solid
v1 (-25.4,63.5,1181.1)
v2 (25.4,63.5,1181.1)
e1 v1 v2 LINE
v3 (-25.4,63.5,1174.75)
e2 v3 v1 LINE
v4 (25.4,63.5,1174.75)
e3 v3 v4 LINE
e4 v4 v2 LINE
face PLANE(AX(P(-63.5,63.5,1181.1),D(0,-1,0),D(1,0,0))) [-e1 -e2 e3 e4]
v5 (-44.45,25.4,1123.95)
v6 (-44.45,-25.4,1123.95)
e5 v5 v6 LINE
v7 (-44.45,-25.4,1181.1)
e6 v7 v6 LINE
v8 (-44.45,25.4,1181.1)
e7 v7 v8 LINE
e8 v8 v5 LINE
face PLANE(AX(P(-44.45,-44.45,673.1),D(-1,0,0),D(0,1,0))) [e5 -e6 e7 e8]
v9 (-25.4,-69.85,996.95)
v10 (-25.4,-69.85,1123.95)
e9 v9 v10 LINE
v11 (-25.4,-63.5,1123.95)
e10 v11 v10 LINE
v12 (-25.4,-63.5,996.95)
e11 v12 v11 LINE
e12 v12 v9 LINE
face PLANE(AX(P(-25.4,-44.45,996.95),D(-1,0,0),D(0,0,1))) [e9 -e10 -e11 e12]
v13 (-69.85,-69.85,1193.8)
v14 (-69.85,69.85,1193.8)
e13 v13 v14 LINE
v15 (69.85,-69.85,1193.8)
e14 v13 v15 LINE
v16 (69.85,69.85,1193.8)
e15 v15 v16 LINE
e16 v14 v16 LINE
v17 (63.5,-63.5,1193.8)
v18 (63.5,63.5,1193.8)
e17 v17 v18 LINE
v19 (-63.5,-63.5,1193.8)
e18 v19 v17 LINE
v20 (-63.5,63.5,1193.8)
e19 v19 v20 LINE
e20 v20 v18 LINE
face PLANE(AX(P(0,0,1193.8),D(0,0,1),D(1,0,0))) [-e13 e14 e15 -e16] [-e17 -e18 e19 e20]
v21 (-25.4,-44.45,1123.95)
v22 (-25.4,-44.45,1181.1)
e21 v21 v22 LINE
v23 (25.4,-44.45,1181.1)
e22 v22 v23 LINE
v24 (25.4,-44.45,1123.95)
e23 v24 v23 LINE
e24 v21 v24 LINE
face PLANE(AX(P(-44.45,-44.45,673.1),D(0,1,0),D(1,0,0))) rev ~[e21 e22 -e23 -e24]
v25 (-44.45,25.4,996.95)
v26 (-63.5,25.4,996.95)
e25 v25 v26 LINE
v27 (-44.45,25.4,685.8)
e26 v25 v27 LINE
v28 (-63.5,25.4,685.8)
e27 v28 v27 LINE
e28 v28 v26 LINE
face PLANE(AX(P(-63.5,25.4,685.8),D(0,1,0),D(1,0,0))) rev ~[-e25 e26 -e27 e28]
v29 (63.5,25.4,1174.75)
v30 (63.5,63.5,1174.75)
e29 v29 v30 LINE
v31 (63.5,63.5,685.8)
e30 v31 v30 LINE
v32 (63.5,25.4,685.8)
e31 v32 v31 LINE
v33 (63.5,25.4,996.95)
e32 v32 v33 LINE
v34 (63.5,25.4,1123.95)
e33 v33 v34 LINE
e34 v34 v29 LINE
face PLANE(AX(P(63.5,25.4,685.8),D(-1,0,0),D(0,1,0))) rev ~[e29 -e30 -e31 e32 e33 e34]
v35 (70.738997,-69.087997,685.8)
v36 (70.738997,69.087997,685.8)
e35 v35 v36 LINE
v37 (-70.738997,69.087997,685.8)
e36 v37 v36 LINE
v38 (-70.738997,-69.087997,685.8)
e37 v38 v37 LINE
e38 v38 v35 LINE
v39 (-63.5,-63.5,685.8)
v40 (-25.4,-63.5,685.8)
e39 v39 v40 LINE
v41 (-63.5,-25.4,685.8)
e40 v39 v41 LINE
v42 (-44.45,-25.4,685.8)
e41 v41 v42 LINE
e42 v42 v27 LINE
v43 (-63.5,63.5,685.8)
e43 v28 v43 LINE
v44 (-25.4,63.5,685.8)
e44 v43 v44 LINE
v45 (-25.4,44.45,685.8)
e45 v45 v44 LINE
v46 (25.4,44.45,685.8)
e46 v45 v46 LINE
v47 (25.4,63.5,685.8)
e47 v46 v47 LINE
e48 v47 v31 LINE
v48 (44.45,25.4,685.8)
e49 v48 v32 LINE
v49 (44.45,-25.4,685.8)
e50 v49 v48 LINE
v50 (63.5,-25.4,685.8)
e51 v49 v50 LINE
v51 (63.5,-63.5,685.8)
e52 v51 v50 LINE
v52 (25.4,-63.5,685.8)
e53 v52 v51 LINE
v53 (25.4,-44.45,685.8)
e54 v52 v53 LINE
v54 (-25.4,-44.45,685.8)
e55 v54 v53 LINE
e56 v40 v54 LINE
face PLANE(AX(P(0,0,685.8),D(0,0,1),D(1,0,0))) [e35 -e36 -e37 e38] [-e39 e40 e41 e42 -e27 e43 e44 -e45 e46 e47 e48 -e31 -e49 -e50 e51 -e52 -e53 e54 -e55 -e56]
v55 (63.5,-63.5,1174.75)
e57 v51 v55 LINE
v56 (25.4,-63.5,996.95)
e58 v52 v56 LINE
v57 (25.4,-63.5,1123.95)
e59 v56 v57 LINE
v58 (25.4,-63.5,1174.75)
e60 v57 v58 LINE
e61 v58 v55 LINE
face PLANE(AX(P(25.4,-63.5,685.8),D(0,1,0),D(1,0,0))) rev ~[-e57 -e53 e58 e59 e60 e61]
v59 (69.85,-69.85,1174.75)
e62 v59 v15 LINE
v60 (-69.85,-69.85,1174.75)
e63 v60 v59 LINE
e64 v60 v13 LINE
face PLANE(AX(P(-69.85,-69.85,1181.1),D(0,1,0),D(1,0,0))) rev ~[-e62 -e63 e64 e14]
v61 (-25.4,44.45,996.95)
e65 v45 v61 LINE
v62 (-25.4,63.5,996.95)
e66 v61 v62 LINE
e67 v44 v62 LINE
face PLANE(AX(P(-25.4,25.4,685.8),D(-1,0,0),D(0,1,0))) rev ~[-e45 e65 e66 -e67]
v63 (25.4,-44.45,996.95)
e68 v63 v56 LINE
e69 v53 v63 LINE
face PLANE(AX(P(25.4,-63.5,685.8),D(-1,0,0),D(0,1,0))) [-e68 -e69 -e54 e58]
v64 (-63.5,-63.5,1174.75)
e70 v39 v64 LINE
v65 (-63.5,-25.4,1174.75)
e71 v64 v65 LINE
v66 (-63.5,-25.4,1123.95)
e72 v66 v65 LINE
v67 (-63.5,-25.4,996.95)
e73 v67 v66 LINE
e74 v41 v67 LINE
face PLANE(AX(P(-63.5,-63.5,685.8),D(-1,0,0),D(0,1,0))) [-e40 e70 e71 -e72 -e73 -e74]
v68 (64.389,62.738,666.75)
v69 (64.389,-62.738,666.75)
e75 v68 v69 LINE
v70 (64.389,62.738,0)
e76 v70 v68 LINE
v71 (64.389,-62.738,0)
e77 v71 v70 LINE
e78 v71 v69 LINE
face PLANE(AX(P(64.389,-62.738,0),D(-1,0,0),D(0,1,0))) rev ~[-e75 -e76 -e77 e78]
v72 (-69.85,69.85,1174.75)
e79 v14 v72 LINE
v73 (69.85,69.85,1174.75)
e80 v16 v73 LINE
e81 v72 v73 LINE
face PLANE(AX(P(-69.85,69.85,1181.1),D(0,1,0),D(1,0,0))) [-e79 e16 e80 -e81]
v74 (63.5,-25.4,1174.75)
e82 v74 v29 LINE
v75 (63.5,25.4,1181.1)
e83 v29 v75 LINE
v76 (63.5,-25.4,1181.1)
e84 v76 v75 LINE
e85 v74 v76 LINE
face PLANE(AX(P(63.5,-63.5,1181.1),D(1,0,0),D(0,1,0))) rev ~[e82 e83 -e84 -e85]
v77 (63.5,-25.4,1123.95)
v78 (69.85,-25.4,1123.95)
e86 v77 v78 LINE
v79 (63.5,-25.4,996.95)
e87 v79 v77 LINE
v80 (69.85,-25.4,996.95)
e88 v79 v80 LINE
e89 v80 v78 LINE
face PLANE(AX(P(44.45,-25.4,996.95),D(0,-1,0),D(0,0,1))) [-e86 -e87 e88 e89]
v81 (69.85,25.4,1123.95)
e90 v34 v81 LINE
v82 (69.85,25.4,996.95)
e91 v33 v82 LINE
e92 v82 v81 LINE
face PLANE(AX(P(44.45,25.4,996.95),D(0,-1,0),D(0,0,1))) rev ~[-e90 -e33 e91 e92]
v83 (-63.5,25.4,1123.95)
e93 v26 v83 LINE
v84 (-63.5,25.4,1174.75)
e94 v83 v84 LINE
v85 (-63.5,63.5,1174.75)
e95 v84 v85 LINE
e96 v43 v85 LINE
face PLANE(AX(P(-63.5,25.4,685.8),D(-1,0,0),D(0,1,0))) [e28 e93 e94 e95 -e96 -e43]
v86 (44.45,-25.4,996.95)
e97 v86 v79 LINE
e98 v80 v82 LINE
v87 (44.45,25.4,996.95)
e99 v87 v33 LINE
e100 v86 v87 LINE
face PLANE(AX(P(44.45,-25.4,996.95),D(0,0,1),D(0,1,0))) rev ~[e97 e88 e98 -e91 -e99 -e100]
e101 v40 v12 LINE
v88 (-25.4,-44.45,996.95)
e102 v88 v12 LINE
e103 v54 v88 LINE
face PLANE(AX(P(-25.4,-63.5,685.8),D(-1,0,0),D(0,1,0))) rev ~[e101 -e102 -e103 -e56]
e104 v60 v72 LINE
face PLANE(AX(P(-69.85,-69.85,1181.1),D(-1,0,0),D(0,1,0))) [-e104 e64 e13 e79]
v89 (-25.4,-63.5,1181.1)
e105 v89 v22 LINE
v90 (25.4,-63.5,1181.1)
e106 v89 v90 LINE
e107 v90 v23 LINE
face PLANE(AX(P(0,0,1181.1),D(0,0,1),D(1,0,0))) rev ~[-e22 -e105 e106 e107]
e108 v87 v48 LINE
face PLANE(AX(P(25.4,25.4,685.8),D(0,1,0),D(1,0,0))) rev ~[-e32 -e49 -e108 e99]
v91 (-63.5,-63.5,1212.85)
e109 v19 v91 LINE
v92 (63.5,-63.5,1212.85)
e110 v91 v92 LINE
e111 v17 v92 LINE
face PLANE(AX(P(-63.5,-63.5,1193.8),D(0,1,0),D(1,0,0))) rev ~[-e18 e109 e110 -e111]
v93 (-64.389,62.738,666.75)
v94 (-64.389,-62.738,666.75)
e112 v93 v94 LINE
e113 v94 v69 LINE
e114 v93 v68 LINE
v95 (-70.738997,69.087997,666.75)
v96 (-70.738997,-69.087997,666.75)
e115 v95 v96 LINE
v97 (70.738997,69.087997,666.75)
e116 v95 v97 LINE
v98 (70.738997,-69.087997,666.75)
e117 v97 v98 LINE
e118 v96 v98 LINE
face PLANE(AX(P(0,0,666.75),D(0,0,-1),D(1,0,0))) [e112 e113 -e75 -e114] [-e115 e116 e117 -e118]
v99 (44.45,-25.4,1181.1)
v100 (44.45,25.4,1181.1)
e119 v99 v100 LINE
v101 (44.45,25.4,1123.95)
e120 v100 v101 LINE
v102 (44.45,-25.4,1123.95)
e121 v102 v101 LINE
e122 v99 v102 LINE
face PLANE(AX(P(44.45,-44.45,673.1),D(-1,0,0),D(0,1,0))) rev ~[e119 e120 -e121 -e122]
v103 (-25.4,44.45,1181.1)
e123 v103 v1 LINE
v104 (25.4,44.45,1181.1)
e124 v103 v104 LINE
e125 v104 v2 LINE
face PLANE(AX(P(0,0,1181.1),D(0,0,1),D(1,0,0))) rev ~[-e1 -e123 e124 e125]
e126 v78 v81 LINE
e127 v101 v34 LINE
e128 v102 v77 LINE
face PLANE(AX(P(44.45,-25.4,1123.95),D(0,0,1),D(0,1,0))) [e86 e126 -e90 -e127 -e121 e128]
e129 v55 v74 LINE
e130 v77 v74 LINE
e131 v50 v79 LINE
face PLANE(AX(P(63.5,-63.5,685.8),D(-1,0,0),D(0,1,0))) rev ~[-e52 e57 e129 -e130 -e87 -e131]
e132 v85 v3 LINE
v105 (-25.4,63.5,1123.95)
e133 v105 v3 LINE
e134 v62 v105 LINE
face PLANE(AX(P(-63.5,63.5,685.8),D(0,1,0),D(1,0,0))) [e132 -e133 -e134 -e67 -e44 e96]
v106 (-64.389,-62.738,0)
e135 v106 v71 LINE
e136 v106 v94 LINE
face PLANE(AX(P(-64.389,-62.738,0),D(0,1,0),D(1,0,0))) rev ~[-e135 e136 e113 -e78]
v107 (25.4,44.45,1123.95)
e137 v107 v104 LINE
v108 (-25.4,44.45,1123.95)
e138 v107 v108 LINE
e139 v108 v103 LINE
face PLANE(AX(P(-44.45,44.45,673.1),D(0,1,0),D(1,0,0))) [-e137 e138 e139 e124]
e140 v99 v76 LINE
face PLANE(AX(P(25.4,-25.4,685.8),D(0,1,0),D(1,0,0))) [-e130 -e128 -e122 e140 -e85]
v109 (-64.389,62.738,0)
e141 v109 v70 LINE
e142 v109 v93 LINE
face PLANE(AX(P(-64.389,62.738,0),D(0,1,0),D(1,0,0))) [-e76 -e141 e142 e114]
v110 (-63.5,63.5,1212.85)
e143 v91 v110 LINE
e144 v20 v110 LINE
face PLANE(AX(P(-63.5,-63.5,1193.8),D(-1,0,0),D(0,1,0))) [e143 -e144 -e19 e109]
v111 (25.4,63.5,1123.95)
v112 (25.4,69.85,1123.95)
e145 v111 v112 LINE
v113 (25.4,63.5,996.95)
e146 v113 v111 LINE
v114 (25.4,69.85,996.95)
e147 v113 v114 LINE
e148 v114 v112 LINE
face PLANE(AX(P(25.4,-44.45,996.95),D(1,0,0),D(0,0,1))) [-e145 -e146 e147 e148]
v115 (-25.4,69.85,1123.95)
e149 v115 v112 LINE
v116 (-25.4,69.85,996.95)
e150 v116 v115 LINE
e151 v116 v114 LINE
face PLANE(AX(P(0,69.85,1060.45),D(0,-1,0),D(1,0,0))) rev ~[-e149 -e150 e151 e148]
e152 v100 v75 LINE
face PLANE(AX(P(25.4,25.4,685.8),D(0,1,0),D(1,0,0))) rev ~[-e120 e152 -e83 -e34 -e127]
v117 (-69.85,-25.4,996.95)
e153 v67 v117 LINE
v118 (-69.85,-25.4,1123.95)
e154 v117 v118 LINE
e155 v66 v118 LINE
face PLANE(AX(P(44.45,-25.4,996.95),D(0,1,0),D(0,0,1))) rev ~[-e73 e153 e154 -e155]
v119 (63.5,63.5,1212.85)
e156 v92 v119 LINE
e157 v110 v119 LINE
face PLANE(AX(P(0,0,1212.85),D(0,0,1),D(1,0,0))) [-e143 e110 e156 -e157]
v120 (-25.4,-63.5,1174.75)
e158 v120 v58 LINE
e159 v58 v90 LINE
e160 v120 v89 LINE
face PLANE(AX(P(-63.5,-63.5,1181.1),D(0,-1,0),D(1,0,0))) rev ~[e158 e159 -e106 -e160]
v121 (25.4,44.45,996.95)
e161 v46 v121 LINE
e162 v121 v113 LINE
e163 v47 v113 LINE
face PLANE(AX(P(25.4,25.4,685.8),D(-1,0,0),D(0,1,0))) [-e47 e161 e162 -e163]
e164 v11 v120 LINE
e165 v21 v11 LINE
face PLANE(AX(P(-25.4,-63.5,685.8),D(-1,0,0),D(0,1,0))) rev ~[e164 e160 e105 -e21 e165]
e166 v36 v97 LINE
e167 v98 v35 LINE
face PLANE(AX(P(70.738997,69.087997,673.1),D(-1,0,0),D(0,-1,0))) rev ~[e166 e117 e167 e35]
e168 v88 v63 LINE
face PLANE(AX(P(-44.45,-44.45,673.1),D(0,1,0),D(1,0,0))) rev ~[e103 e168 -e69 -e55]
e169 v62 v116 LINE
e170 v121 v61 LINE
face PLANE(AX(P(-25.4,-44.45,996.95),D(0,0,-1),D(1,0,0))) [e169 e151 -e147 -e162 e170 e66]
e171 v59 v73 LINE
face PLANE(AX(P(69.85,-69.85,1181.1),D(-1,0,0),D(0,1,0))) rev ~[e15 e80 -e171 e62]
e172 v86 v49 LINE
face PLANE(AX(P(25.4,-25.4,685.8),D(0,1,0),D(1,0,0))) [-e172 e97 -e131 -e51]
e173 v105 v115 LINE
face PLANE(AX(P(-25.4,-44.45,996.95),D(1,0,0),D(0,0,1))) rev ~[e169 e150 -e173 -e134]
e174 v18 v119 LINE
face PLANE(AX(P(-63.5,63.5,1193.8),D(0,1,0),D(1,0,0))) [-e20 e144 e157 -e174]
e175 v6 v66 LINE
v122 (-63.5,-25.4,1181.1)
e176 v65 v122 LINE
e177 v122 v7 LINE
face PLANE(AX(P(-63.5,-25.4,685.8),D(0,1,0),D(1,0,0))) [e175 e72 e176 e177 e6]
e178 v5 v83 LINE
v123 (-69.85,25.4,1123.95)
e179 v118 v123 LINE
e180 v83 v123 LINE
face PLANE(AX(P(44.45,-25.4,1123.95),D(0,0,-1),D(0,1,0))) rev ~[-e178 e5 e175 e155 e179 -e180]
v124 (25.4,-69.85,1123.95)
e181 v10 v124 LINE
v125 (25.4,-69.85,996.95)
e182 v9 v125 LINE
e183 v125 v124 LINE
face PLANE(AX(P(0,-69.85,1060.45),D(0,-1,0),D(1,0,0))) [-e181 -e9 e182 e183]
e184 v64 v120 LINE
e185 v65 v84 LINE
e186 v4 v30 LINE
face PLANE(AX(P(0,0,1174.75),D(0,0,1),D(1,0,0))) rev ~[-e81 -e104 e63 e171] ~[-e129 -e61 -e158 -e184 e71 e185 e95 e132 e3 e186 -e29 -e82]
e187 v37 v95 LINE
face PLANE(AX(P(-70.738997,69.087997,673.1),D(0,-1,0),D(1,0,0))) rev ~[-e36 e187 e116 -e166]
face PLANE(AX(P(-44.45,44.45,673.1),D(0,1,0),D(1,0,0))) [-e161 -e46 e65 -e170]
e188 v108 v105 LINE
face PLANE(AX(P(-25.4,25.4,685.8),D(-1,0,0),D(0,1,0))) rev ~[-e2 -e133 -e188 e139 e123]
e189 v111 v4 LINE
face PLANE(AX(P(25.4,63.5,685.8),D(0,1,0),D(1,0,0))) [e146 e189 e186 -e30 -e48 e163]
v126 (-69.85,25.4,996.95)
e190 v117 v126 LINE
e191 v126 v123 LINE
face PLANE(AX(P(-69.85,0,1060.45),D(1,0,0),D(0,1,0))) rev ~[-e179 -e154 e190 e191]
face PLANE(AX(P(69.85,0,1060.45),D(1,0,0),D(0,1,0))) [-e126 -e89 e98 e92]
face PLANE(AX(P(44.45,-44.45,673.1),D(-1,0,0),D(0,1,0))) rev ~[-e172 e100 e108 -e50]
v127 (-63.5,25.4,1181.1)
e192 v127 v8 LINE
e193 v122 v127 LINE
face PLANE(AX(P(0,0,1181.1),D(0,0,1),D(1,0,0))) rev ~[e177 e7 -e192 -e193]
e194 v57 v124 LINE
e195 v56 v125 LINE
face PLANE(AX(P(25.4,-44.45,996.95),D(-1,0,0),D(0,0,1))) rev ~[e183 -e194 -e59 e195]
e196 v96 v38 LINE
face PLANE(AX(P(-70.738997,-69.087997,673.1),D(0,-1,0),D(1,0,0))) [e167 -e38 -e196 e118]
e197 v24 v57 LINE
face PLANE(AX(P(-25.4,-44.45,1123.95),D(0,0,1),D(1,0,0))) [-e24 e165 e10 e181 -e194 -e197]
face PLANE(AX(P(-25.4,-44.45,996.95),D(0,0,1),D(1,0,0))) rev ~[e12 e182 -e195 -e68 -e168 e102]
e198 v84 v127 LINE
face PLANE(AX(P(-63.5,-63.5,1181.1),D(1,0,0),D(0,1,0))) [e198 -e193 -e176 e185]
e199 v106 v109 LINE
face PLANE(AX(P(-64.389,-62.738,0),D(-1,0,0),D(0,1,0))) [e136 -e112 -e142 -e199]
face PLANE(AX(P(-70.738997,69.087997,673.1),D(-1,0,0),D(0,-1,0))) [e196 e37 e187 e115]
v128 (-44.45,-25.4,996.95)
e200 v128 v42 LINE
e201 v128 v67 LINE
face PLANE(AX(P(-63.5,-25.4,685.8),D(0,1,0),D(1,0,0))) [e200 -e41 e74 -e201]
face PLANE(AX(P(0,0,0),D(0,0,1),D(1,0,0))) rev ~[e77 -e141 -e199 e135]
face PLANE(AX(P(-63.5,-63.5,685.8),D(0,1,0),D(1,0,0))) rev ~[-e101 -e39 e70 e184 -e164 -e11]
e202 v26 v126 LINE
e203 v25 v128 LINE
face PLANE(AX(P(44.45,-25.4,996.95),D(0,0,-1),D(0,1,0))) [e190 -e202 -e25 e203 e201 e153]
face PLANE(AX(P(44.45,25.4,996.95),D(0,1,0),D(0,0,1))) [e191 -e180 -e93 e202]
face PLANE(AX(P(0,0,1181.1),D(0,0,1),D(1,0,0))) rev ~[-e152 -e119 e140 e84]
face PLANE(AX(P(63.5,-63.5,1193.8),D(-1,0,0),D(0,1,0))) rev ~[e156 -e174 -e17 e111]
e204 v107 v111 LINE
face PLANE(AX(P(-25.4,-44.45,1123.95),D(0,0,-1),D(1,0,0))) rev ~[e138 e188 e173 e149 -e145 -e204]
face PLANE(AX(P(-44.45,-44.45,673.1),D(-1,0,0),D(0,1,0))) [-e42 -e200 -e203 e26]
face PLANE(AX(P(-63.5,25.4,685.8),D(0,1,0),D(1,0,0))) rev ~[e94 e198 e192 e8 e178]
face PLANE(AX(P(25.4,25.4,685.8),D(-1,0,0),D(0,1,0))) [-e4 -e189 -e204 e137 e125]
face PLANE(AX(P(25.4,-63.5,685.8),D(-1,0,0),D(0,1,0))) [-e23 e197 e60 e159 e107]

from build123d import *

# Parameters (mm, degrees)
F0_W           = 128.778
F0_H           = 125.476
F1_DEPTH       = 673.1
F2_W           = 88.9
F2_H           = 88.9
F3_DEPTH       = 508
F4_W           = 141.477994
F4_H           = 138.175994
F4_W_2         = 88.9
F4_H_2         = 88.9
F5_DEPTH       = 12.7
F6_W           = 141.477994
F6_H           = 138.175994
F6_W_2         = 128.778
F6_H_2         = 125.476
F7_DEPTH       = 6.35
F8_W           = 38.1
F8_H           = 38.1
F9_DEPTH       = 495.3
F10_W          = 139.7
F10_H          = 139.7
F10_W_2        = 127
F10_H_2        = 127
F11_DEPTH      = 6.35
F12_W          = 139.7
F12_H          = 139.7
F13_DEPTH      = 12.7
F14_W          = 50.8
F14_H          = 127
F15_DEPTH      = 25.4
F15_DEPTH_BACK = 114.3
F16_W          = 50.8
F16_H          = 127
F17_DEPTH      = 25.4
F17_DEPTH_BACK = 114.3
F18_W          = 127
F18_H          = 127
F19_DEPTH      = 19.05


with BuildPart() as f1:
    # F0 (on Top) → F1 (new body)
    with BuildSketch(Plane.XY):
        Rectangle(F0_W, F0_H)
    extrude(amount=F1_DEPTH)

    # F2 (on face) → F3 (join)
    with BuildSketch(Plane.XY.offset(673.1)):
        Rectangle(F2_W, F2_H)
    extrude(amount=F3_DEPTH)

    # F4 (on face) → F5 (join)
    with BuildSketch(Plane.XY.offset(673.1)):
        Rectangle(F4_W, F4_H)
        Rectangle(F4_W_2, F4_H_2, mode=Mode.SUBTRACT)
    extrude(amount=F5_DEPTH)

    # F6 (on face) → F7 (join)
    with BuildSketch(Plane(origin=(0, 0, 673.1), x_dir=(1, 0, 0), z_dir=(0, 0, -1))):
        Rectangle(F6_W, F6_H)
        Rectangle(F6_W_2, F6_H_2, mode=Mode.SUBTRACT)
    extrude(amount=F7_DEPTH)

    # F8 (on face) → F9 (join)
    with BuildSketch(Plane.XY.offset(685.8)):
        with Locations((44.45, 44.45)):
            Rectangle(F8_W, F8_H)
        with Locations((44.45, -44.45)):
            Rectangle(F8_W, F8_H)
        with Locations((-44.45, -44.45)):
            Rectangle(F8_W, F8_H)
        with Locations((-44.45, 44.45)):
            Rectangle(F8_W, F8_H)
    extrude(amount=F9_DEPTH)

    # F10 (on face) → F11 (join)
    with BuildSketch(Plane.XY.offset(1181.1)):
        Rectangle(F10_W, F10_H)
        Rectangle(F10_W_2, F10_H_2, mode=Mode.SUBTRACT)
    extrude(amount=-F11_DEPTH)

    # F12 (on face) → F13 (join)
    with BuildSketch(Plane.XY.offset(1181.1)):
        Rectangle(F12_W, F12_H)
    extrude(amount=F13_DEPTH)

    # F14 (on face) → F15 (join, two sides)
    with BuildSketch(Plane.XZ.offset(44.45)) as f15_sk:
        with Locations((0, 1060.45)):
            Rectangle(F14_W, F14_H)
    extrude(amount=F15_DEPTH)
    extrude(f15_sk.sketch, amount=-F15_DEPTH_BACK)

    # F16 (on face) → F17 (join, two sides)
    with BuildSketch(Plane.YZ.offset(44.45)) as f17_sk:
        with Locations((0, 1060.45)):
            Rectangle(F16_W, F16_H)
    extrude(amount=F17_DEPTH)
    extrude(f17_sk.sketch, amount=-F17_DEPTH_BACK)

    # F18 (on face) → F19 (join)
    with BuildSketch(Plane.XY.offset(1193.8)):
        Rectangle(F18_W, F18_H)
    extrude(amount=F19_DEPTH)


solid = f1.part
